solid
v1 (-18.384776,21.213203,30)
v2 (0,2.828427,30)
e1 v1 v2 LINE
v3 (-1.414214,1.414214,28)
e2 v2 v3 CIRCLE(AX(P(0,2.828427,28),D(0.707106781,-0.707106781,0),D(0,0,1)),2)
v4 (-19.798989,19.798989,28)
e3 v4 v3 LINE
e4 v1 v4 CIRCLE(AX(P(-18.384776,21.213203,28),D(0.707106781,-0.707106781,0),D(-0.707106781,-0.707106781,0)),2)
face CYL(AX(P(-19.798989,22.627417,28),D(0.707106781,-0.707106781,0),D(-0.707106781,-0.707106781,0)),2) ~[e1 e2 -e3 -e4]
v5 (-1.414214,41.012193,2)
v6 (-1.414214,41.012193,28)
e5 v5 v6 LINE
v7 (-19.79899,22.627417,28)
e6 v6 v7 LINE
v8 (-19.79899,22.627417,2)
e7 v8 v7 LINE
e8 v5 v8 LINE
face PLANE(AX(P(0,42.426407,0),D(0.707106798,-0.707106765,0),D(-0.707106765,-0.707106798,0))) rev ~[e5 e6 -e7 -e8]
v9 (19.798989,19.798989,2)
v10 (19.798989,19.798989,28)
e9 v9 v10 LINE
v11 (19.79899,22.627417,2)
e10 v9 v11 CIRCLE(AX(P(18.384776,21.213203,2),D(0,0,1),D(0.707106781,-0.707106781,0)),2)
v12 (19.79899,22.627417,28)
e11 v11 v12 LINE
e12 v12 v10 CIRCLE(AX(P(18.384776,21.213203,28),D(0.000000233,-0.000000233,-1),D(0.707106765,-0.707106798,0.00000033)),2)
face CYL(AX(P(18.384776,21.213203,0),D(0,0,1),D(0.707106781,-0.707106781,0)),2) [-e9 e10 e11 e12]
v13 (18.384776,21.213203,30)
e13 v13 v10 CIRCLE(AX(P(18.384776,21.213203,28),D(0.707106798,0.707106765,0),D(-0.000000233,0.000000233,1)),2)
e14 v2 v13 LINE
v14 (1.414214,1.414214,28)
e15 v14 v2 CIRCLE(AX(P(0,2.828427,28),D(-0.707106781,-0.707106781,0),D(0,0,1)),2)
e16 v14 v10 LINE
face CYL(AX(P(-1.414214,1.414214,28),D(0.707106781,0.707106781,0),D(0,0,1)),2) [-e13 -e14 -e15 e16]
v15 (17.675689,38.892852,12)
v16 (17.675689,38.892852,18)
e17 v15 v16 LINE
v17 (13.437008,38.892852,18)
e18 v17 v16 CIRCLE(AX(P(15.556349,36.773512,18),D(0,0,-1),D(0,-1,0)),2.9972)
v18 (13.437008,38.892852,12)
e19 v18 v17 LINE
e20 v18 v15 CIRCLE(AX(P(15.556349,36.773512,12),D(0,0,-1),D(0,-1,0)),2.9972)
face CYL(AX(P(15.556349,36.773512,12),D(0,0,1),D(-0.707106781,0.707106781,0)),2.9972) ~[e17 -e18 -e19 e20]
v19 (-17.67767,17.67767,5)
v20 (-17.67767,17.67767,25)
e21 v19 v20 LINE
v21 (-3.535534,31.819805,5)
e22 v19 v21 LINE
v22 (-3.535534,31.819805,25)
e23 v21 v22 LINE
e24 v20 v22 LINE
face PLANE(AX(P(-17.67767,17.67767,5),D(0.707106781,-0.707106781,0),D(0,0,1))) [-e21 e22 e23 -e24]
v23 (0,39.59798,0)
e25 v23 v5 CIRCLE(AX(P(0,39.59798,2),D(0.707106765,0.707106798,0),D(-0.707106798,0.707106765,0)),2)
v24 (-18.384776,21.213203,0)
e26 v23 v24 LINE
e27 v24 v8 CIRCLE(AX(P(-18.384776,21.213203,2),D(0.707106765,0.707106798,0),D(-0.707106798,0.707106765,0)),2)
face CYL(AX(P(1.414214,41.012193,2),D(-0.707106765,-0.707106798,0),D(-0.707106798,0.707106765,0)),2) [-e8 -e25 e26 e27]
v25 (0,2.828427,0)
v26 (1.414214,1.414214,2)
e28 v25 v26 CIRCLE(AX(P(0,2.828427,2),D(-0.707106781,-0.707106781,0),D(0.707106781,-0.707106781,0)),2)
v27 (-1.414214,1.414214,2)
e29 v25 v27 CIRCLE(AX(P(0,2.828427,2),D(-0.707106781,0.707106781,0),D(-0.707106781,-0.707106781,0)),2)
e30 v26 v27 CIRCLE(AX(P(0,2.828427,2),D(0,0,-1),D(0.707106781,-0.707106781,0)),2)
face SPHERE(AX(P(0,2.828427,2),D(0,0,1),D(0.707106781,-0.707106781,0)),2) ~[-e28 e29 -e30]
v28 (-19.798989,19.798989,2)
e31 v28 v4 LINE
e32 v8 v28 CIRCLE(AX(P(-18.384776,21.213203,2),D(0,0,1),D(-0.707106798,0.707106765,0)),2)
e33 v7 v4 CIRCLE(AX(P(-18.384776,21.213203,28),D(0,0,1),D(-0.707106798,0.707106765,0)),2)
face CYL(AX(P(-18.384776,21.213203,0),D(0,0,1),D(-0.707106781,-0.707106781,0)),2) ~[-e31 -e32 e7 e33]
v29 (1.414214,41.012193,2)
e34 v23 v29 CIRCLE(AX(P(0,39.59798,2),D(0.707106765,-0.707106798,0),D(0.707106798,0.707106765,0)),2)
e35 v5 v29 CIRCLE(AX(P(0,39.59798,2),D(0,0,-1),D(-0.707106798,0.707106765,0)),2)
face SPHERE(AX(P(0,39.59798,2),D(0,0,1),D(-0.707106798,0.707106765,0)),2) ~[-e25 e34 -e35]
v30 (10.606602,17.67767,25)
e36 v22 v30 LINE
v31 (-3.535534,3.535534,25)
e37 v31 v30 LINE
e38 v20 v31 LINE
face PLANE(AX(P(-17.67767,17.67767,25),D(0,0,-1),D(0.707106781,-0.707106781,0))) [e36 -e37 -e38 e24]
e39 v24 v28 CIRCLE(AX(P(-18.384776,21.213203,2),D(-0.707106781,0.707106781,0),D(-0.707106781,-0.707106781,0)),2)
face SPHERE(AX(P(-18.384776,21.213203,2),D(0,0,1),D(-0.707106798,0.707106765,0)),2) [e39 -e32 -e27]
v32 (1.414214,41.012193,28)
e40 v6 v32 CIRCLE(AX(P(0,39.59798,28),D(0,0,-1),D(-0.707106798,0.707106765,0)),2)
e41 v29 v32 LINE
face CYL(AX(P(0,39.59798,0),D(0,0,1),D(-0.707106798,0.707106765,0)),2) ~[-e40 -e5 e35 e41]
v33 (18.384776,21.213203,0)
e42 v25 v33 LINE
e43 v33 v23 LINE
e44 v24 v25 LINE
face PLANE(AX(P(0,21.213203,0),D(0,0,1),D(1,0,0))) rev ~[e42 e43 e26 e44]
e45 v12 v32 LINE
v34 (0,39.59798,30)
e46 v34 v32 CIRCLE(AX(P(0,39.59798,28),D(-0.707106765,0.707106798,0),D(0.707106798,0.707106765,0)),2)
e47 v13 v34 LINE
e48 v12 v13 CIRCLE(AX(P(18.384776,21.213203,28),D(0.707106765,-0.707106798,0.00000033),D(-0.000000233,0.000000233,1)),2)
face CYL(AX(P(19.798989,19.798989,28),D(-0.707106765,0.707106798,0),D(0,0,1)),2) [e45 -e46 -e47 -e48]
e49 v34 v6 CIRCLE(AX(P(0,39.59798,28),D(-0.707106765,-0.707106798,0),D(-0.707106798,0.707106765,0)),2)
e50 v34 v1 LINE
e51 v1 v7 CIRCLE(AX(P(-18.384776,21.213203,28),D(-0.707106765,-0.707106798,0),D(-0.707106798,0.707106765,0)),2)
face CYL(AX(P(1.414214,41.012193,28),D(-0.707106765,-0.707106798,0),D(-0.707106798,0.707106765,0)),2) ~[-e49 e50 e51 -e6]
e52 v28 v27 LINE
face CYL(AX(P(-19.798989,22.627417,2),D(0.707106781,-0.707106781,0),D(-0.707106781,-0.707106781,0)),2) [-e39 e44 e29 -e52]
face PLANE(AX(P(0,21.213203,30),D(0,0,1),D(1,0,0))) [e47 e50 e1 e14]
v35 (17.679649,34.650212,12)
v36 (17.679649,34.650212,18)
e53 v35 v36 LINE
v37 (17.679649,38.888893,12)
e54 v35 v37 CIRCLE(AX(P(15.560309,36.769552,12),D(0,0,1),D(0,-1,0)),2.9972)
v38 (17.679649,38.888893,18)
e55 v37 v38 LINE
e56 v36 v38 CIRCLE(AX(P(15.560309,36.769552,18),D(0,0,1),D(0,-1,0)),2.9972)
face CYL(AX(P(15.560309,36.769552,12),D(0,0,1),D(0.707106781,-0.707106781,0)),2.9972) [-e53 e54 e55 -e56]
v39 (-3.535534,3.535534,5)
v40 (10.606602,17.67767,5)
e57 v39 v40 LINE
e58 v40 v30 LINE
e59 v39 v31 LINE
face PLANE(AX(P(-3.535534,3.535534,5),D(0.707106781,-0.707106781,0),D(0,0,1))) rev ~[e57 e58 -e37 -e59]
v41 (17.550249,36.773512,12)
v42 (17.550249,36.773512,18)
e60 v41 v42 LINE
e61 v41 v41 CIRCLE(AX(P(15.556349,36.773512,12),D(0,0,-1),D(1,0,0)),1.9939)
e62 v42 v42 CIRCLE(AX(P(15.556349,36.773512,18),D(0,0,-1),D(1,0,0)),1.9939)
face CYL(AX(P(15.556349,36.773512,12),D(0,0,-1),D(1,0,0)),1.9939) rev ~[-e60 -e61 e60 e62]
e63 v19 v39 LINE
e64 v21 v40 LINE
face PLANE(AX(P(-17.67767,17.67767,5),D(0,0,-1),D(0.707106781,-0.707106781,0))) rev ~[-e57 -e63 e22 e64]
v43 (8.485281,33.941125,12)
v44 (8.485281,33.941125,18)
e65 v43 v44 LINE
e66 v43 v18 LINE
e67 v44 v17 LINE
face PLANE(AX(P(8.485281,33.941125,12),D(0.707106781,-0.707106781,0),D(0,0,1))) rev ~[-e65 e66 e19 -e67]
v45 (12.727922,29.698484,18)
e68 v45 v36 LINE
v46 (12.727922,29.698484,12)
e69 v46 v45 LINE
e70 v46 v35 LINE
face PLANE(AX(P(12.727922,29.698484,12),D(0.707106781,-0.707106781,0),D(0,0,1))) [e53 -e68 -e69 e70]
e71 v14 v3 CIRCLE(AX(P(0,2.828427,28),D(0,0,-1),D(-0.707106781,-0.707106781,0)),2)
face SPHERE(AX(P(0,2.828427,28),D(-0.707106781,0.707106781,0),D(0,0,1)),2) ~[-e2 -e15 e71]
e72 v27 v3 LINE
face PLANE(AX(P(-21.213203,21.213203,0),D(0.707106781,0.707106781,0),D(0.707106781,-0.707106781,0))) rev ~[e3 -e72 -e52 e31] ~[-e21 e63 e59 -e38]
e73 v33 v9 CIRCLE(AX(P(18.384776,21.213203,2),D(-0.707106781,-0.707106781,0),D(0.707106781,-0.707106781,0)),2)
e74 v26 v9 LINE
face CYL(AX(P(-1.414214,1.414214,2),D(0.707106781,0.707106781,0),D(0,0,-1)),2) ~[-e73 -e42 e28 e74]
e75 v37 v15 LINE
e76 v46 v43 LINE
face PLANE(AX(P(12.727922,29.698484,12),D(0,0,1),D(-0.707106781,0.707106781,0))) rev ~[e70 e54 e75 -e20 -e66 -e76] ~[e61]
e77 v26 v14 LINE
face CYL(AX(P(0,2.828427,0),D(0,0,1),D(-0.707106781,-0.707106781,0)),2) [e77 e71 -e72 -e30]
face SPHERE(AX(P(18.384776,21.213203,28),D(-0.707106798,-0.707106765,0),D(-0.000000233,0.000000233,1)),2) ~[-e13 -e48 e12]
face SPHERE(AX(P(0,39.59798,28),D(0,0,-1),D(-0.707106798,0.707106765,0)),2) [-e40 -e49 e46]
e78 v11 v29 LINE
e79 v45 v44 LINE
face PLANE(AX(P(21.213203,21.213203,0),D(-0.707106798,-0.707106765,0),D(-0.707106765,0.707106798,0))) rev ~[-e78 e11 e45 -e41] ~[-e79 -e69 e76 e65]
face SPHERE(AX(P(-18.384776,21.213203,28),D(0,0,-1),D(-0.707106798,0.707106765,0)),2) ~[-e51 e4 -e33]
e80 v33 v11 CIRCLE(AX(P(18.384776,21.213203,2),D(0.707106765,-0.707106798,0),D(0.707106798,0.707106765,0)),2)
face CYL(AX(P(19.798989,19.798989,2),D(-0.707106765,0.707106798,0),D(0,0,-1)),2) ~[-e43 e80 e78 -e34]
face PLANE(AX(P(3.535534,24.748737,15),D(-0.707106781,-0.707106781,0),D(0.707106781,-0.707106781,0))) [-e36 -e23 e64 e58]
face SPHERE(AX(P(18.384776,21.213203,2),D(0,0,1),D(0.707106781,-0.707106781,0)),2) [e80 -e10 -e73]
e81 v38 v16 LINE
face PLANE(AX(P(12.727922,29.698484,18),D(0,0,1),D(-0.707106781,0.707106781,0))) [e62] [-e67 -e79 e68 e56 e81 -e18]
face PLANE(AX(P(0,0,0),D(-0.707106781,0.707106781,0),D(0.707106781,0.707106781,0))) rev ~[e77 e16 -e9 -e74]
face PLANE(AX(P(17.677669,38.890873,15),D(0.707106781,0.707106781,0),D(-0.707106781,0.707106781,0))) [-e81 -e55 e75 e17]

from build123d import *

# Parameters (mm, degrees)
F1_DEPTH = 30
F2_W     = 20
F2_H     = 20
F3_DEPTH = 20
F4_R     = 2
F5_W     = 6
F5_H     = 6
F6_DEPTH = 10
F7_R     = 2.9972
F8_R     = 1.9939
F9_DEPTH = 6


with BuildPart() as f1:
    # F0 (on Top) → F1 (new body)
    with BuildSketch(Plane.XY):
        Polygon((-21.213203, 21.213203), (0, 0), (21.213203, 21.213203), (0, 42.426407), align=None)
    extrude(amount=F1_DEPTH)

    # F2 (on face) → F3 (cut)
    with BuildSketch(Plane(origin=(0, 0, 0), x_dir=(0.707107, -0.707107, 0), z_dir=(-0.707107, -0.707107, 0))):
        with Locations((-15, 15)):
            Rectangle(F2_W, F2_H)
    extrude(amount=-F3_DEPTH, mode=Mode.SUBTRACT)

    # F4
    f4_edges = [f1.edges().sort_by_distance(p)[0] for p in [
        (0, 42.426407, 15),
        (-21.213203, 21.213203, 15),
        (-10.606602, 31.819805, 0),
        (-10.606602, 31.819805, 30),
        (-10.606602, 10.606602, 30),
        (10.606602, 10.606602, 30),
        (10.606602, 31.819805, 30),
        (0, 0, 15),
        (21.213203, 21.213203, 15),
        (10.606602, 10.606602, 0),
        (10.606602, 31.819805, 0),
        (-10.606602, 10.606602, 0),
    ]]
    fillet(f4_edges, radius=F4_R)

    # F5 (on face) → F6 (join)
    with BuildSketch(Plane(origin=(21.213203, 21.213203, 0), x_dir=(-0.707107, 0.707107, 0), z_dir=(0.707107, 0.707107, 0))):
        with Locations((15, 15)):
            Rectangle(F5_W, F5_H)
    extrude(amount=F6_DEPTH)

    # F7
    f7_edges = [f1.edges().sort_by_distance(p)[0] for p in [
        (19.79899, 36.769553, 15),
        (15.556349, 41.012193, 15),
    ]]
    fillet(f7_edges, radius=F7_R)

    # F8 (on face) → F9 (cut)
    with BuildSketch(Plane(origin=(0, 0, 12), x_dir=(1, 0, 0), z_dir=(0, 0, -1))):
        with Locations((15.556349, -36.773512)):
            Circle(F8_R)
    extrude(amount=-F9_DEPTH, mode=Mode.SUBTRACT)


solid = f1.part
